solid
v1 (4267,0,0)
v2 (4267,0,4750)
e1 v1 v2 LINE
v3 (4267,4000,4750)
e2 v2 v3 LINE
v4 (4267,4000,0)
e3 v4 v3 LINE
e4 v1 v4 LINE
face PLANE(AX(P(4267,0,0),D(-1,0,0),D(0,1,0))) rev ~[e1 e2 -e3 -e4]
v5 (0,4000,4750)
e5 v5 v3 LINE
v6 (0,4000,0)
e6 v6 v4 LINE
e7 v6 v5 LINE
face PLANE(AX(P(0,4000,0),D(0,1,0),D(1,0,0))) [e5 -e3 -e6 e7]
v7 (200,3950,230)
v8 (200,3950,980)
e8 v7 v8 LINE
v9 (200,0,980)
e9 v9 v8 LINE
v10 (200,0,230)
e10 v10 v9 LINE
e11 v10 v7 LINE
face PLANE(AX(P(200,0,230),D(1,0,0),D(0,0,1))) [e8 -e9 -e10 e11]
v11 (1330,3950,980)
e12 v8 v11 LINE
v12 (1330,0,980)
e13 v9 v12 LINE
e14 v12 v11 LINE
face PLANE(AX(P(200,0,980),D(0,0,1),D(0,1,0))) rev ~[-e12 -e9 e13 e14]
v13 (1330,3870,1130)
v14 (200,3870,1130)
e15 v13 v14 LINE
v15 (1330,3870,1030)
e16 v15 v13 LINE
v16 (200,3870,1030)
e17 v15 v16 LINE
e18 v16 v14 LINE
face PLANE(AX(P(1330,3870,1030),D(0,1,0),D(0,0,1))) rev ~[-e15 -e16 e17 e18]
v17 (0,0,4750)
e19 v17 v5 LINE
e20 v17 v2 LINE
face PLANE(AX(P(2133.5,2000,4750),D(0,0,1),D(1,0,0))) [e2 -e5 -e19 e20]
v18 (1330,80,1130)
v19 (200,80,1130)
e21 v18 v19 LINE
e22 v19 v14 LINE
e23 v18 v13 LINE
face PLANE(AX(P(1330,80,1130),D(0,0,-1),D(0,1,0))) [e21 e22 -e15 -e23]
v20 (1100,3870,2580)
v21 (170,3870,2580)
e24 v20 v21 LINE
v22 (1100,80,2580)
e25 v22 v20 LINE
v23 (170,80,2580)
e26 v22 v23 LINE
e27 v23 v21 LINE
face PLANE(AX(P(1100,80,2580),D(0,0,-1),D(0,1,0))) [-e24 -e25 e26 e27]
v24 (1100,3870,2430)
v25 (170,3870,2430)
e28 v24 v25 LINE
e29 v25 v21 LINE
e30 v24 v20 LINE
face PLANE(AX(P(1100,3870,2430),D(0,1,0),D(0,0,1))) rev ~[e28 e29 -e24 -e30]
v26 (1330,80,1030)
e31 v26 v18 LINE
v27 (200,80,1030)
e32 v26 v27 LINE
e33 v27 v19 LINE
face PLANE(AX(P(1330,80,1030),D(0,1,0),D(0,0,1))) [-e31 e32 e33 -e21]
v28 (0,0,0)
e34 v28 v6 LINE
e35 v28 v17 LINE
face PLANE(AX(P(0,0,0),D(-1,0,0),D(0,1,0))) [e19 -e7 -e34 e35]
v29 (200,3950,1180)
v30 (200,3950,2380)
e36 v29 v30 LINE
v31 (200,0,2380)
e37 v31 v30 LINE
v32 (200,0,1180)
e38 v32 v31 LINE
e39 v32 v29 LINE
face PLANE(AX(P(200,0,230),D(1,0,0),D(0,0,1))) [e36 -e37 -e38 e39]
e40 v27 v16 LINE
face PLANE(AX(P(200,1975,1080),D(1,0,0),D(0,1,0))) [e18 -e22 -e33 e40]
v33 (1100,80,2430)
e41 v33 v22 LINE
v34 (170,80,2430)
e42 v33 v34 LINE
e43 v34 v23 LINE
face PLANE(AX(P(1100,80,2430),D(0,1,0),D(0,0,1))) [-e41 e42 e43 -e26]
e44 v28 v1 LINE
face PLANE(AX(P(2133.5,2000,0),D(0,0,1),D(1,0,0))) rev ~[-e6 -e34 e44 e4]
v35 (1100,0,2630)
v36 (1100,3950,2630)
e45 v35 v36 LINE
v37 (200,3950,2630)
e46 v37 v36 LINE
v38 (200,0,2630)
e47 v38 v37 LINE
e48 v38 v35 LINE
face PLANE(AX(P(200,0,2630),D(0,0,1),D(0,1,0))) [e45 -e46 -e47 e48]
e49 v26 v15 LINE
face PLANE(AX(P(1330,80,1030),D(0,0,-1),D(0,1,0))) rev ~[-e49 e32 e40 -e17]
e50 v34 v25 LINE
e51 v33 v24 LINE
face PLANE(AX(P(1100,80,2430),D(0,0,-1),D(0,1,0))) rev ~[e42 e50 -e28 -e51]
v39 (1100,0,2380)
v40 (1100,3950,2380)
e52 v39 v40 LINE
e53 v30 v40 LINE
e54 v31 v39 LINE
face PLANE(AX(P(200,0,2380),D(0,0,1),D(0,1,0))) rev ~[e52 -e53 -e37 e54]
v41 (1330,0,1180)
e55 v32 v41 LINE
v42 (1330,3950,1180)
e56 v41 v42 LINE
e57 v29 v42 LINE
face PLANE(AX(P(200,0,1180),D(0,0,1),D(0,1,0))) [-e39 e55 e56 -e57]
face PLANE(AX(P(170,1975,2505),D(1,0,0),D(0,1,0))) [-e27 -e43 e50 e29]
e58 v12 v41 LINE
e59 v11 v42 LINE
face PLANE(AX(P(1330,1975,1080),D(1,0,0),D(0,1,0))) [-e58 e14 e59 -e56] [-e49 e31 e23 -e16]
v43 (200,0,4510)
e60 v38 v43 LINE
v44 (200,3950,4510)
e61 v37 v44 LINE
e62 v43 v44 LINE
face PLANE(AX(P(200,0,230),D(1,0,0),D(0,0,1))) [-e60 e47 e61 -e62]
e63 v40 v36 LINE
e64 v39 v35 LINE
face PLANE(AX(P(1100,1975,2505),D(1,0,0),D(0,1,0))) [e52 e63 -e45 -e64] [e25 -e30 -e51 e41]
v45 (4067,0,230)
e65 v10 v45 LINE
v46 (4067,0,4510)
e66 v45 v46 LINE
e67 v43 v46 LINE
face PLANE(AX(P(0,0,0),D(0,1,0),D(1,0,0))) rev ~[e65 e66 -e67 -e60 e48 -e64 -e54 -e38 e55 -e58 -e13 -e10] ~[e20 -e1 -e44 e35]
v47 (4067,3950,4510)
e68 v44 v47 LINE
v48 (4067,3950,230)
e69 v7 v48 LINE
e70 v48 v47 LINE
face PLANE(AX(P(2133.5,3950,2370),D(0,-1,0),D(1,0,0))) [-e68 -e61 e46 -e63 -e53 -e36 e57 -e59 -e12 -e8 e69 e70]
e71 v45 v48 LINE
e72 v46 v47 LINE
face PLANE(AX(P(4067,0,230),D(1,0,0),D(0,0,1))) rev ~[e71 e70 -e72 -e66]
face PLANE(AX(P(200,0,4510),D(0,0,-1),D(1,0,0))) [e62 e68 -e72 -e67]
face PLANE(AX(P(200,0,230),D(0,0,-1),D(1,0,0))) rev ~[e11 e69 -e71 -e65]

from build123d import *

# Parameters (mm, degrees)
F0_W      = 4267
F0_H      = 4000
F1_DEPTH  = 4750
F2_W      = 3867
F2_H      = 4280
F3_DEPTH  = 3950
F4_W      = 3950
F4_H      = 200
F5_DEPTH  = 1130
F6_W      = 3950
F6_H      = 250
F7_DEPTH  = 900
F8_W      = 3790
F8_H      = 150
F9_DEPTH  = 930
F10_W     = 3790
F10_H     = 100
F11_DEPTH = 1130


with BuildPart() as f1:
    # F0 (on Top) → F1 (new body)
    with BuildSketch(Plane.XY):
        with Locations((2133.5, 2000)):
            Rectangle(F0_W, F0_H)
    extrude(amount=F1_DEPTH)

    # F2 (on face) → F3 (cut)
    with BuildSketch(Plane.XZ):
        with Locations((2133.5, 2370)):
            Rectangle(F2_W, F2_H)
    extrude(amount=-F3_DEPTH, mode=Mode.SUBTRACT)

    # F4 (on face) → F5 (join)
    with BuildSketch(Plane.YZ.offset(200)):
        with Locations((1975, 1080)):
            Rectangle(F4_W, F4_H)
    extrude(amount=F5_DEPTH)

    # F6 (on face) → F7 (join)
    with BuildSketch(Plane.YZ.offset(200)):
        with Locations((1975, 2505)):
            Rectangle(F6_W, F6_H)
    extrude(amount=F7_DEPTH)

    # F8 (on face) → F9 (cut)
    with BuildSketch(Plane.YZ.offset(1100)):
        with Locations((1975, 2505)):
            Rectangle(F8_W, F8_H)
    extrude(amount=-F9_DEPTH, mode=Mode.SUBTRACT)

    # F10 (on face) → F11 (cut)
    with BuildSketch(Plane.YZ.offset(1330)):
        with Locations((1975, 1080)):
            Rectangle(F10_W, F10_H)
    extrude(amount=-F11_DEPTH, mode=Mode.SUBTRACT)


solid = f1.part
